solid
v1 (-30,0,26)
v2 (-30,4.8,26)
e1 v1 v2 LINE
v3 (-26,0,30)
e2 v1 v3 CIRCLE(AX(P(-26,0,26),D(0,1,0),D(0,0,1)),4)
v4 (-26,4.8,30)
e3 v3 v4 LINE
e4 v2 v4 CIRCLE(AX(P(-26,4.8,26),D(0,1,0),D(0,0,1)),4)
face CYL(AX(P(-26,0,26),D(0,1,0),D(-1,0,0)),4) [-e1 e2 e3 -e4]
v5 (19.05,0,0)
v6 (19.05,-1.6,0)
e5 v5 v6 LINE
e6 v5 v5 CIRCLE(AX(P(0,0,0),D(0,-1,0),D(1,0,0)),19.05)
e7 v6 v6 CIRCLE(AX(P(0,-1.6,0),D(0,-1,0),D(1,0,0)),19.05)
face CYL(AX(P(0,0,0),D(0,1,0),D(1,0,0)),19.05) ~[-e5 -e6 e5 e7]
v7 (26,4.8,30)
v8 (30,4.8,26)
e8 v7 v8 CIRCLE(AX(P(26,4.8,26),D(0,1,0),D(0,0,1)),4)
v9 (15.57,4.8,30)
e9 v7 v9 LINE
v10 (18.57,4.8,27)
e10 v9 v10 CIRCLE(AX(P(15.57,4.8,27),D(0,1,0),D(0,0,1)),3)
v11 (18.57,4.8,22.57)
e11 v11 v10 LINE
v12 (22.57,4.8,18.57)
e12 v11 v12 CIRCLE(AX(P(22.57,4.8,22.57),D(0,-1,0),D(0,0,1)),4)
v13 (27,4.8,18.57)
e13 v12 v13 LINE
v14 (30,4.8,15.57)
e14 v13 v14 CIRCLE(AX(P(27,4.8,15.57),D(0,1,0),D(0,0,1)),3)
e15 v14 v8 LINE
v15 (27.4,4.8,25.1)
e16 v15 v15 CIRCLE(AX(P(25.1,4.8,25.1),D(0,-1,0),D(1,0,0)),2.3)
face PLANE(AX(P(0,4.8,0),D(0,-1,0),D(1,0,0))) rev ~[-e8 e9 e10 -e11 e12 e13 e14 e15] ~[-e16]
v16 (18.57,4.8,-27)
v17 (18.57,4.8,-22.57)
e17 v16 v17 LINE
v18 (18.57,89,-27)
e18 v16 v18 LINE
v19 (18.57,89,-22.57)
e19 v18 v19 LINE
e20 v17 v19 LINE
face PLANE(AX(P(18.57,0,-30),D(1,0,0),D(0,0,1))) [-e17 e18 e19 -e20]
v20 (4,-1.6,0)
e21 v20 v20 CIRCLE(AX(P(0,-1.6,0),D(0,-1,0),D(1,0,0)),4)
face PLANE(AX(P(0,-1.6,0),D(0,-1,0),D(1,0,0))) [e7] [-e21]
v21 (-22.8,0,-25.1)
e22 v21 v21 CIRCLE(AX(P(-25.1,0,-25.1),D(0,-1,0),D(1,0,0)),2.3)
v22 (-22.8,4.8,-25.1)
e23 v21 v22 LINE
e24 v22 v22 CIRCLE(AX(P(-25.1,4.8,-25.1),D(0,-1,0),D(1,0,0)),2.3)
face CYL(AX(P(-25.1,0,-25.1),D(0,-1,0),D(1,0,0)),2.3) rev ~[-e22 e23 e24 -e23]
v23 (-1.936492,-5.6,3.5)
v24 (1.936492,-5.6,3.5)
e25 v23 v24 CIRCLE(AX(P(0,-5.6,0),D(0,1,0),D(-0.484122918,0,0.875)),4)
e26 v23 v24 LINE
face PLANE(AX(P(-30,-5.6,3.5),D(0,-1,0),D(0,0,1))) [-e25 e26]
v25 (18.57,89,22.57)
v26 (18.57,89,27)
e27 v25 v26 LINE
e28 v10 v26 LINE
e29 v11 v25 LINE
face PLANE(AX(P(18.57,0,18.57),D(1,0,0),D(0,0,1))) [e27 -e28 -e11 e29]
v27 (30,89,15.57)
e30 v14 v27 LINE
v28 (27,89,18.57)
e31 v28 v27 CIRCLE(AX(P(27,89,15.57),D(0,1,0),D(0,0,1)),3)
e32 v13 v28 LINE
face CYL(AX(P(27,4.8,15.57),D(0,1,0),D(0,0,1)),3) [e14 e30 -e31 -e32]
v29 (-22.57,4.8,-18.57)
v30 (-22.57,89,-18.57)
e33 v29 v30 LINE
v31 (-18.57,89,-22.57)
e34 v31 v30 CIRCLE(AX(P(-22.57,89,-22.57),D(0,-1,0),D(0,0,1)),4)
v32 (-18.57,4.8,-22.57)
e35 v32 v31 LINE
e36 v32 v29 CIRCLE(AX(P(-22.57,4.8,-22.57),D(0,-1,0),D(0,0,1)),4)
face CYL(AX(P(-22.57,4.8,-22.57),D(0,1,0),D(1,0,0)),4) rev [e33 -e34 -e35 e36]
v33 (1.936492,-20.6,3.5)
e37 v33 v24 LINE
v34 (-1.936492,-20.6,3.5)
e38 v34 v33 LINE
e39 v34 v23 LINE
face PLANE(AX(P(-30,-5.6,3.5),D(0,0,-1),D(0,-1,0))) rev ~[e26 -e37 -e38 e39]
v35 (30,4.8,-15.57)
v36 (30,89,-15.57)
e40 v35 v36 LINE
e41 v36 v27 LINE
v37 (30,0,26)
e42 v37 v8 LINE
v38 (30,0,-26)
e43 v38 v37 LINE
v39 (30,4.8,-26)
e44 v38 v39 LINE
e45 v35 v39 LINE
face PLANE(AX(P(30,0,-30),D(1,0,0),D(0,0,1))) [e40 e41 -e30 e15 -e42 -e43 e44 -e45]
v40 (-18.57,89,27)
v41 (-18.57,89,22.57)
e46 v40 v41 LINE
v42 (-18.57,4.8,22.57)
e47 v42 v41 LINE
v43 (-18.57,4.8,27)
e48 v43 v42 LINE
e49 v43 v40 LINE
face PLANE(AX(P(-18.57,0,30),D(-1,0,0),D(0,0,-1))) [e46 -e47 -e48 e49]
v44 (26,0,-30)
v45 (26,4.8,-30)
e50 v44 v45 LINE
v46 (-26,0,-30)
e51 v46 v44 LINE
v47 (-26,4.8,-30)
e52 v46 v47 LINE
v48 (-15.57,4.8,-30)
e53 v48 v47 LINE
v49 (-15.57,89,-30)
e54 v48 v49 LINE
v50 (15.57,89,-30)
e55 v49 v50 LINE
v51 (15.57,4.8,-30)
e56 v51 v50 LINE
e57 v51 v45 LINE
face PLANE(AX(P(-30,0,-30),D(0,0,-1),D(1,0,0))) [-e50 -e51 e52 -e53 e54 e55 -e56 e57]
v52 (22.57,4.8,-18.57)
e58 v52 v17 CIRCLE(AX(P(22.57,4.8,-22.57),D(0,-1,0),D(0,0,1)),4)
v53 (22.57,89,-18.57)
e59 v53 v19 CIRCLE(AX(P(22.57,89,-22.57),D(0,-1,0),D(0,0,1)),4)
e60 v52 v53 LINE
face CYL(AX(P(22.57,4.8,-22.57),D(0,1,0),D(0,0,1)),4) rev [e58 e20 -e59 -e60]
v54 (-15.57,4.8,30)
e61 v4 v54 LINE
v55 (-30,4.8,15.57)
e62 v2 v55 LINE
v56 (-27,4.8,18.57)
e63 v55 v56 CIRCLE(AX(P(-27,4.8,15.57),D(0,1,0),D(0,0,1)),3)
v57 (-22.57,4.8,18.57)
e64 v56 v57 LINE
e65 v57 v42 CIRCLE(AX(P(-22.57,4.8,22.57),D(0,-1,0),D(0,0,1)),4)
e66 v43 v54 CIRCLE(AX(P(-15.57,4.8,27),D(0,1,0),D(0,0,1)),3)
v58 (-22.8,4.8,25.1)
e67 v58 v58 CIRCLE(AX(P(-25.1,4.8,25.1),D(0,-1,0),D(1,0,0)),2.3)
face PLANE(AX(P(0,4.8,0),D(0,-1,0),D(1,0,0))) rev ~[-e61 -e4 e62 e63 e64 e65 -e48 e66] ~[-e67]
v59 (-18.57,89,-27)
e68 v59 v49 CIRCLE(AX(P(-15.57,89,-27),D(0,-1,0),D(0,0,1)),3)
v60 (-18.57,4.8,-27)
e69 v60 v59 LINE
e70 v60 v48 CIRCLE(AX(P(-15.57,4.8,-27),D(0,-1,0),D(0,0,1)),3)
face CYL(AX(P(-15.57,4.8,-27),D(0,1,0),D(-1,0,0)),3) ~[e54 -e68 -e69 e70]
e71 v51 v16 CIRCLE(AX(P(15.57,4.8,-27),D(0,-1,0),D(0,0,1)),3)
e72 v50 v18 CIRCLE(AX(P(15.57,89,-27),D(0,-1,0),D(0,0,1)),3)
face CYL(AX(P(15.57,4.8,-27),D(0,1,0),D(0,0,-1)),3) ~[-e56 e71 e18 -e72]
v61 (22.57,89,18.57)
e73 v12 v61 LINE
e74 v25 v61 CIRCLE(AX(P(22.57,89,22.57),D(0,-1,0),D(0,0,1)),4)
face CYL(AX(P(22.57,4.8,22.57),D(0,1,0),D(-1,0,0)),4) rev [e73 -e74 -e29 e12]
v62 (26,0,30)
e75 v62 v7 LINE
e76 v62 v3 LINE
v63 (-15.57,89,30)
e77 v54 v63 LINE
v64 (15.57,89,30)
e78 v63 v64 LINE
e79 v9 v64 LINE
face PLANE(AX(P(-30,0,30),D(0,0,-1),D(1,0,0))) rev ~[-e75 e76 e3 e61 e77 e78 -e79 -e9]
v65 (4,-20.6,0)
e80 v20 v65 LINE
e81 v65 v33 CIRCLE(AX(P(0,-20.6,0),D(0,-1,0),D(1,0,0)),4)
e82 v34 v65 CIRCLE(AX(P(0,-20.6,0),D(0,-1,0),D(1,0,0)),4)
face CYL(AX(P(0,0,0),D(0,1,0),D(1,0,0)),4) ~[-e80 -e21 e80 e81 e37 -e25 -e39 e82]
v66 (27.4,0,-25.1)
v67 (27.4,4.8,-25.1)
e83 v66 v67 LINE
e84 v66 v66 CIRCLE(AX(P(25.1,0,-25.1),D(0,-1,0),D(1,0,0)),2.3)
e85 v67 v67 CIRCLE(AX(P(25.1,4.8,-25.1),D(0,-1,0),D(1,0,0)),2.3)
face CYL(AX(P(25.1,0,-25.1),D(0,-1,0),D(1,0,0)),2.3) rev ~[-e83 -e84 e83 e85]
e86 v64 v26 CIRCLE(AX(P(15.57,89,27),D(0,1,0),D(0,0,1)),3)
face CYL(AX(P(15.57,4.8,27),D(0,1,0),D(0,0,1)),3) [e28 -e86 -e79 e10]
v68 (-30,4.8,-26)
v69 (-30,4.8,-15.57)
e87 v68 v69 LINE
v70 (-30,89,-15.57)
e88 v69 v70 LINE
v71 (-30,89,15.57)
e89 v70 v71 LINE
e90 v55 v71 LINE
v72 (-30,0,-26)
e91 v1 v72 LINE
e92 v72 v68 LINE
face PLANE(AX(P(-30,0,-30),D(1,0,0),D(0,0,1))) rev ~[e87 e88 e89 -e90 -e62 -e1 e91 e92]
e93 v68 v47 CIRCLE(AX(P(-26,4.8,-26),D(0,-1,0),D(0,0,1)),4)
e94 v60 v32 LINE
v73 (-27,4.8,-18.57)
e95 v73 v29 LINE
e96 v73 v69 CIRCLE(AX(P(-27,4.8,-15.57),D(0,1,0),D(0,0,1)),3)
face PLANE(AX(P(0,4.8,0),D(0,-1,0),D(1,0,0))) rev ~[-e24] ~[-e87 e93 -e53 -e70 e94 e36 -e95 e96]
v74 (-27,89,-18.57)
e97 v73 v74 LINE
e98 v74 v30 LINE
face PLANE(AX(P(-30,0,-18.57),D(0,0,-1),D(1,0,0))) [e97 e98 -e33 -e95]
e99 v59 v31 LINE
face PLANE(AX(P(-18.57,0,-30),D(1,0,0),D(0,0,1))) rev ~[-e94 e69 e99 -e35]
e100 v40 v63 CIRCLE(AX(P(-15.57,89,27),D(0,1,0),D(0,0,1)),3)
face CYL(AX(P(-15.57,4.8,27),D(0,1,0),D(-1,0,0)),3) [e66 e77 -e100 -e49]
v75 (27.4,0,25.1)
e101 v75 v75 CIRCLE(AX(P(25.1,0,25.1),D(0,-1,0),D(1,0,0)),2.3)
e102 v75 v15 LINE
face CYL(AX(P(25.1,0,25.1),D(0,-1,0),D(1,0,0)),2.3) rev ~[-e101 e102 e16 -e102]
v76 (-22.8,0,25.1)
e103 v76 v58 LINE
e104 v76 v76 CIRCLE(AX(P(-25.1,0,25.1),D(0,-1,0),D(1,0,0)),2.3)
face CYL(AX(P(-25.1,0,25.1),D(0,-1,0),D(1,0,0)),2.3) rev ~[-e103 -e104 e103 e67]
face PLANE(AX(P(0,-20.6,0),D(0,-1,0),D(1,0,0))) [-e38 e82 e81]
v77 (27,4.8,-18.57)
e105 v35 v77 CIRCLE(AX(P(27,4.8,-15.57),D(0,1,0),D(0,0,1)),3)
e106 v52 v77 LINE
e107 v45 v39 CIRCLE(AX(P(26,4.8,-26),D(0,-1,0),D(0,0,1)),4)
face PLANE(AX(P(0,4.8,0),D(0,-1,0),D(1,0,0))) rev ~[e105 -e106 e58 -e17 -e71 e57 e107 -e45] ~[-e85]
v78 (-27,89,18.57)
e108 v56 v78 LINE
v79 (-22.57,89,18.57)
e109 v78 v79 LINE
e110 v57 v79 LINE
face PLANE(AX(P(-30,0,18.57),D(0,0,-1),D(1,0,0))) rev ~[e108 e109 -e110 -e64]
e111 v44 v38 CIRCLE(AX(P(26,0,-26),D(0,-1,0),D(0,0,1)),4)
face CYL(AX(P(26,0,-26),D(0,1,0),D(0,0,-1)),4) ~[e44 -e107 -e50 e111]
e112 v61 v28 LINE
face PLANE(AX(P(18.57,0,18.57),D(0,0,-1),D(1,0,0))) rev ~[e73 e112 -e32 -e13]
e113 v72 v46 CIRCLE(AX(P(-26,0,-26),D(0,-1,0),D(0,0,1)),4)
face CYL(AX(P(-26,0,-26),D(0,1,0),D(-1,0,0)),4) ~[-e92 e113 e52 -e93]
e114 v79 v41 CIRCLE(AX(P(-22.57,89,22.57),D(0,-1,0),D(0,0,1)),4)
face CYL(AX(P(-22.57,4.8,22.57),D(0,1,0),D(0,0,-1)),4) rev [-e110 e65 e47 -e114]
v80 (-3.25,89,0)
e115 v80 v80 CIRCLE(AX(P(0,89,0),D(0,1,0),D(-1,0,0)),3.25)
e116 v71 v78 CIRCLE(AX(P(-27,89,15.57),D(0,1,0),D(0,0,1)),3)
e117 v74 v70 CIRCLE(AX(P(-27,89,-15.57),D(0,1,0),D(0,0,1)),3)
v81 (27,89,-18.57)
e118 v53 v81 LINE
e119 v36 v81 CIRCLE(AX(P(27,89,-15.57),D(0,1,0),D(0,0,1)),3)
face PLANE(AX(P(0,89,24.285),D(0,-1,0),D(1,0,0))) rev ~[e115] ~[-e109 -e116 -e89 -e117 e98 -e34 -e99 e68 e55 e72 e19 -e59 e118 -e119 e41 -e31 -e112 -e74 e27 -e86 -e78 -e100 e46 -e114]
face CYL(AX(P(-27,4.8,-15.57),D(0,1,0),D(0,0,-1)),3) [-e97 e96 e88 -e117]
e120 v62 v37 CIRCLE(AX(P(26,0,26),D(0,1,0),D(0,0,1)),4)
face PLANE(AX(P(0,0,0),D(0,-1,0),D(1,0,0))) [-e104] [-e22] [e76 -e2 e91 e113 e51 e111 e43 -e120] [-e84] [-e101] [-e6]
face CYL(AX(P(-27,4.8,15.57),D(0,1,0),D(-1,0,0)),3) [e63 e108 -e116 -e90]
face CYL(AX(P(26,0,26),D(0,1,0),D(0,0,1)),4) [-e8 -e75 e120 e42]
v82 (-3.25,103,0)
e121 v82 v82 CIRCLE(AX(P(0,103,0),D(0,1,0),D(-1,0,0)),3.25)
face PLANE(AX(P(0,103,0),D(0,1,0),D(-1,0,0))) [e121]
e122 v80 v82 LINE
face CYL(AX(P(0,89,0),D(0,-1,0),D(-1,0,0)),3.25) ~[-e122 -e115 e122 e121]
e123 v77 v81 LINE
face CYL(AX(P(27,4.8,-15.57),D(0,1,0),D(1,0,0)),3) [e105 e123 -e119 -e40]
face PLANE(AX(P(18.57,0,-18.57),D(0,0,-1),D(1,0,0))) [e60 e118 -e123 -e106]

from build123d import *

# Parameters (mm, degrees)
F0_W      = 60
F0_H      = 60
F0_R      = 2.3
F0_R_2    = 19.05
F0_R_3    = 4
F1_DEPTH  = 4.8
F2_DEPTH  = 1.6
F3_DEPTH  = 20.6
F4_R      = 4
F5_W      = 15
F5_H      = 0.5
F6_DEPTH  = 60.001
F7_W      = 37.14
F7_H      = 11.43
F7_H_2    = 37.14
F7_W_2    = 11.43
F8_DEPTH  = 89
F9_R      = 4
F10_R     = 3
F11_R     = 3.25
F12_DEPTH = 14


with BuildPart() as f1:
    # F0 (on Front) → F1 (new body)
    with BuildSketch(Plane.XZ):
        Rectangle(F0_W, F0_H)
        with Locations((-25.1, -25.1)):
            Circle(F0_R, mode=Mode.SUBTRACT)
        with Locations((25.1, -25.1)):
            Circle(F0_R, mode=Mode.SUBTRACT)
        with Locations((-25.1, 25.1)):
            Circle(F0_R, mode=Mode.SUBTRACT)
        Circle(F0_R_2, mode=Mode.SUBTRACT)
        with Locations((25.1, 25.1)):
            Circle(F0_R, mode=Mode.SUBTRACT)
        Circle(F0_R_2)
        Circle(F0_R_3, mode=Mode.SUBTRACT)
        Circle(F0_R_3)
    extrude(amount=-F1_DEPTH)

    # F0 (on Front) → F2 (join)
    with BuildSketch(Plane.XZ):
        Circle(F0_R_2)
        Circle(F0_R_3, mode=Mode.SUBTRACT)
    extrude(amount=F2_DEPTH)

    # F0 (on Front) → F3 (join)
    with BuildSketch(Plane.XZ):
        Circle(F0_R_3)
    extrude(amount=F3_DEPTH)

    # F4
    f4_edges = [f1.edges().sort_by_distance(p)[0] for p in [
        (-30, 2.4, 30),
        (30, 2.4, 30),
        (30, 2.4, -30),
        (-30, 2.4, -30),
    ]]
    fillet(f4_edges, radius=F4_R)

    # F5 (on face) → F6 (cut, through all)
    with BuildSketch(Plane(origin=(-30, 0, 0), x_dir=(0, -1, 0), z_dir=(-1, 0, 0))):
        with Locations((13.1, 3.75)):
            Rectangle(F5_W, F5_H)
    extrude(amount=-F6_DEPTH, mode=Mode.SUBTRACT)

    # F7 (on Front) → F8 (join)
    with BuildSketch(Plane.XZ):
        with Locations((0, 24.285)):
            Rectangle(F7_W, F7_H)
        Rectangle(F7_W, F7_H_2)
        with Locations((-24.285, 0)):
            Rectangle(F7_W_2, F7_H_2)
        with Locations((24.285, 0)):
            Rectangle(F7_W_2, F7_H_2)
        with Locations((0, -24.285)):
            Rectangle(F7_W, F7_H)
    extrude(amount=-F8_DEPTH)

    # F9
    f9_edges = [f1.edges().sort_by_distance(p)[0] for p in [
        (18.57, 46.9, 18.57),
        (-18.57, 46.9, 18.57),
        (-18.57, 46.9, -18.57),
        (18.57, 46.9, -18.57),
    ]]
    fillet(f9_edges, radius=F9_R)

    # F10
    f10_edges = [f1.edges().sort_by_distance(p)[0] for p in [
        (18.57, 46.9, 30),
        (30, 46.9, 18.57),
        (30, 46.9, -18.57),
        (18.57, 46.9, -30),
        (-18.57, 46.9, -30),
        (-30, 46.9, -18.57),
        (-30, 46.9, 18.57),
        (-18.57, 46.9, 30),
    ]]
    fillet(f10_edges, radius=F10_R)

    # F11 (on face) → F12 (join)
    with BuildSketch(Plane(origin=(0, 89, 0), x_dir=(-1, 0, 0), z_dir=(0, 1, 0))):
        Circle(F11_R)
    extrude(amount=F12_DEPTH)


solid = f1.part
